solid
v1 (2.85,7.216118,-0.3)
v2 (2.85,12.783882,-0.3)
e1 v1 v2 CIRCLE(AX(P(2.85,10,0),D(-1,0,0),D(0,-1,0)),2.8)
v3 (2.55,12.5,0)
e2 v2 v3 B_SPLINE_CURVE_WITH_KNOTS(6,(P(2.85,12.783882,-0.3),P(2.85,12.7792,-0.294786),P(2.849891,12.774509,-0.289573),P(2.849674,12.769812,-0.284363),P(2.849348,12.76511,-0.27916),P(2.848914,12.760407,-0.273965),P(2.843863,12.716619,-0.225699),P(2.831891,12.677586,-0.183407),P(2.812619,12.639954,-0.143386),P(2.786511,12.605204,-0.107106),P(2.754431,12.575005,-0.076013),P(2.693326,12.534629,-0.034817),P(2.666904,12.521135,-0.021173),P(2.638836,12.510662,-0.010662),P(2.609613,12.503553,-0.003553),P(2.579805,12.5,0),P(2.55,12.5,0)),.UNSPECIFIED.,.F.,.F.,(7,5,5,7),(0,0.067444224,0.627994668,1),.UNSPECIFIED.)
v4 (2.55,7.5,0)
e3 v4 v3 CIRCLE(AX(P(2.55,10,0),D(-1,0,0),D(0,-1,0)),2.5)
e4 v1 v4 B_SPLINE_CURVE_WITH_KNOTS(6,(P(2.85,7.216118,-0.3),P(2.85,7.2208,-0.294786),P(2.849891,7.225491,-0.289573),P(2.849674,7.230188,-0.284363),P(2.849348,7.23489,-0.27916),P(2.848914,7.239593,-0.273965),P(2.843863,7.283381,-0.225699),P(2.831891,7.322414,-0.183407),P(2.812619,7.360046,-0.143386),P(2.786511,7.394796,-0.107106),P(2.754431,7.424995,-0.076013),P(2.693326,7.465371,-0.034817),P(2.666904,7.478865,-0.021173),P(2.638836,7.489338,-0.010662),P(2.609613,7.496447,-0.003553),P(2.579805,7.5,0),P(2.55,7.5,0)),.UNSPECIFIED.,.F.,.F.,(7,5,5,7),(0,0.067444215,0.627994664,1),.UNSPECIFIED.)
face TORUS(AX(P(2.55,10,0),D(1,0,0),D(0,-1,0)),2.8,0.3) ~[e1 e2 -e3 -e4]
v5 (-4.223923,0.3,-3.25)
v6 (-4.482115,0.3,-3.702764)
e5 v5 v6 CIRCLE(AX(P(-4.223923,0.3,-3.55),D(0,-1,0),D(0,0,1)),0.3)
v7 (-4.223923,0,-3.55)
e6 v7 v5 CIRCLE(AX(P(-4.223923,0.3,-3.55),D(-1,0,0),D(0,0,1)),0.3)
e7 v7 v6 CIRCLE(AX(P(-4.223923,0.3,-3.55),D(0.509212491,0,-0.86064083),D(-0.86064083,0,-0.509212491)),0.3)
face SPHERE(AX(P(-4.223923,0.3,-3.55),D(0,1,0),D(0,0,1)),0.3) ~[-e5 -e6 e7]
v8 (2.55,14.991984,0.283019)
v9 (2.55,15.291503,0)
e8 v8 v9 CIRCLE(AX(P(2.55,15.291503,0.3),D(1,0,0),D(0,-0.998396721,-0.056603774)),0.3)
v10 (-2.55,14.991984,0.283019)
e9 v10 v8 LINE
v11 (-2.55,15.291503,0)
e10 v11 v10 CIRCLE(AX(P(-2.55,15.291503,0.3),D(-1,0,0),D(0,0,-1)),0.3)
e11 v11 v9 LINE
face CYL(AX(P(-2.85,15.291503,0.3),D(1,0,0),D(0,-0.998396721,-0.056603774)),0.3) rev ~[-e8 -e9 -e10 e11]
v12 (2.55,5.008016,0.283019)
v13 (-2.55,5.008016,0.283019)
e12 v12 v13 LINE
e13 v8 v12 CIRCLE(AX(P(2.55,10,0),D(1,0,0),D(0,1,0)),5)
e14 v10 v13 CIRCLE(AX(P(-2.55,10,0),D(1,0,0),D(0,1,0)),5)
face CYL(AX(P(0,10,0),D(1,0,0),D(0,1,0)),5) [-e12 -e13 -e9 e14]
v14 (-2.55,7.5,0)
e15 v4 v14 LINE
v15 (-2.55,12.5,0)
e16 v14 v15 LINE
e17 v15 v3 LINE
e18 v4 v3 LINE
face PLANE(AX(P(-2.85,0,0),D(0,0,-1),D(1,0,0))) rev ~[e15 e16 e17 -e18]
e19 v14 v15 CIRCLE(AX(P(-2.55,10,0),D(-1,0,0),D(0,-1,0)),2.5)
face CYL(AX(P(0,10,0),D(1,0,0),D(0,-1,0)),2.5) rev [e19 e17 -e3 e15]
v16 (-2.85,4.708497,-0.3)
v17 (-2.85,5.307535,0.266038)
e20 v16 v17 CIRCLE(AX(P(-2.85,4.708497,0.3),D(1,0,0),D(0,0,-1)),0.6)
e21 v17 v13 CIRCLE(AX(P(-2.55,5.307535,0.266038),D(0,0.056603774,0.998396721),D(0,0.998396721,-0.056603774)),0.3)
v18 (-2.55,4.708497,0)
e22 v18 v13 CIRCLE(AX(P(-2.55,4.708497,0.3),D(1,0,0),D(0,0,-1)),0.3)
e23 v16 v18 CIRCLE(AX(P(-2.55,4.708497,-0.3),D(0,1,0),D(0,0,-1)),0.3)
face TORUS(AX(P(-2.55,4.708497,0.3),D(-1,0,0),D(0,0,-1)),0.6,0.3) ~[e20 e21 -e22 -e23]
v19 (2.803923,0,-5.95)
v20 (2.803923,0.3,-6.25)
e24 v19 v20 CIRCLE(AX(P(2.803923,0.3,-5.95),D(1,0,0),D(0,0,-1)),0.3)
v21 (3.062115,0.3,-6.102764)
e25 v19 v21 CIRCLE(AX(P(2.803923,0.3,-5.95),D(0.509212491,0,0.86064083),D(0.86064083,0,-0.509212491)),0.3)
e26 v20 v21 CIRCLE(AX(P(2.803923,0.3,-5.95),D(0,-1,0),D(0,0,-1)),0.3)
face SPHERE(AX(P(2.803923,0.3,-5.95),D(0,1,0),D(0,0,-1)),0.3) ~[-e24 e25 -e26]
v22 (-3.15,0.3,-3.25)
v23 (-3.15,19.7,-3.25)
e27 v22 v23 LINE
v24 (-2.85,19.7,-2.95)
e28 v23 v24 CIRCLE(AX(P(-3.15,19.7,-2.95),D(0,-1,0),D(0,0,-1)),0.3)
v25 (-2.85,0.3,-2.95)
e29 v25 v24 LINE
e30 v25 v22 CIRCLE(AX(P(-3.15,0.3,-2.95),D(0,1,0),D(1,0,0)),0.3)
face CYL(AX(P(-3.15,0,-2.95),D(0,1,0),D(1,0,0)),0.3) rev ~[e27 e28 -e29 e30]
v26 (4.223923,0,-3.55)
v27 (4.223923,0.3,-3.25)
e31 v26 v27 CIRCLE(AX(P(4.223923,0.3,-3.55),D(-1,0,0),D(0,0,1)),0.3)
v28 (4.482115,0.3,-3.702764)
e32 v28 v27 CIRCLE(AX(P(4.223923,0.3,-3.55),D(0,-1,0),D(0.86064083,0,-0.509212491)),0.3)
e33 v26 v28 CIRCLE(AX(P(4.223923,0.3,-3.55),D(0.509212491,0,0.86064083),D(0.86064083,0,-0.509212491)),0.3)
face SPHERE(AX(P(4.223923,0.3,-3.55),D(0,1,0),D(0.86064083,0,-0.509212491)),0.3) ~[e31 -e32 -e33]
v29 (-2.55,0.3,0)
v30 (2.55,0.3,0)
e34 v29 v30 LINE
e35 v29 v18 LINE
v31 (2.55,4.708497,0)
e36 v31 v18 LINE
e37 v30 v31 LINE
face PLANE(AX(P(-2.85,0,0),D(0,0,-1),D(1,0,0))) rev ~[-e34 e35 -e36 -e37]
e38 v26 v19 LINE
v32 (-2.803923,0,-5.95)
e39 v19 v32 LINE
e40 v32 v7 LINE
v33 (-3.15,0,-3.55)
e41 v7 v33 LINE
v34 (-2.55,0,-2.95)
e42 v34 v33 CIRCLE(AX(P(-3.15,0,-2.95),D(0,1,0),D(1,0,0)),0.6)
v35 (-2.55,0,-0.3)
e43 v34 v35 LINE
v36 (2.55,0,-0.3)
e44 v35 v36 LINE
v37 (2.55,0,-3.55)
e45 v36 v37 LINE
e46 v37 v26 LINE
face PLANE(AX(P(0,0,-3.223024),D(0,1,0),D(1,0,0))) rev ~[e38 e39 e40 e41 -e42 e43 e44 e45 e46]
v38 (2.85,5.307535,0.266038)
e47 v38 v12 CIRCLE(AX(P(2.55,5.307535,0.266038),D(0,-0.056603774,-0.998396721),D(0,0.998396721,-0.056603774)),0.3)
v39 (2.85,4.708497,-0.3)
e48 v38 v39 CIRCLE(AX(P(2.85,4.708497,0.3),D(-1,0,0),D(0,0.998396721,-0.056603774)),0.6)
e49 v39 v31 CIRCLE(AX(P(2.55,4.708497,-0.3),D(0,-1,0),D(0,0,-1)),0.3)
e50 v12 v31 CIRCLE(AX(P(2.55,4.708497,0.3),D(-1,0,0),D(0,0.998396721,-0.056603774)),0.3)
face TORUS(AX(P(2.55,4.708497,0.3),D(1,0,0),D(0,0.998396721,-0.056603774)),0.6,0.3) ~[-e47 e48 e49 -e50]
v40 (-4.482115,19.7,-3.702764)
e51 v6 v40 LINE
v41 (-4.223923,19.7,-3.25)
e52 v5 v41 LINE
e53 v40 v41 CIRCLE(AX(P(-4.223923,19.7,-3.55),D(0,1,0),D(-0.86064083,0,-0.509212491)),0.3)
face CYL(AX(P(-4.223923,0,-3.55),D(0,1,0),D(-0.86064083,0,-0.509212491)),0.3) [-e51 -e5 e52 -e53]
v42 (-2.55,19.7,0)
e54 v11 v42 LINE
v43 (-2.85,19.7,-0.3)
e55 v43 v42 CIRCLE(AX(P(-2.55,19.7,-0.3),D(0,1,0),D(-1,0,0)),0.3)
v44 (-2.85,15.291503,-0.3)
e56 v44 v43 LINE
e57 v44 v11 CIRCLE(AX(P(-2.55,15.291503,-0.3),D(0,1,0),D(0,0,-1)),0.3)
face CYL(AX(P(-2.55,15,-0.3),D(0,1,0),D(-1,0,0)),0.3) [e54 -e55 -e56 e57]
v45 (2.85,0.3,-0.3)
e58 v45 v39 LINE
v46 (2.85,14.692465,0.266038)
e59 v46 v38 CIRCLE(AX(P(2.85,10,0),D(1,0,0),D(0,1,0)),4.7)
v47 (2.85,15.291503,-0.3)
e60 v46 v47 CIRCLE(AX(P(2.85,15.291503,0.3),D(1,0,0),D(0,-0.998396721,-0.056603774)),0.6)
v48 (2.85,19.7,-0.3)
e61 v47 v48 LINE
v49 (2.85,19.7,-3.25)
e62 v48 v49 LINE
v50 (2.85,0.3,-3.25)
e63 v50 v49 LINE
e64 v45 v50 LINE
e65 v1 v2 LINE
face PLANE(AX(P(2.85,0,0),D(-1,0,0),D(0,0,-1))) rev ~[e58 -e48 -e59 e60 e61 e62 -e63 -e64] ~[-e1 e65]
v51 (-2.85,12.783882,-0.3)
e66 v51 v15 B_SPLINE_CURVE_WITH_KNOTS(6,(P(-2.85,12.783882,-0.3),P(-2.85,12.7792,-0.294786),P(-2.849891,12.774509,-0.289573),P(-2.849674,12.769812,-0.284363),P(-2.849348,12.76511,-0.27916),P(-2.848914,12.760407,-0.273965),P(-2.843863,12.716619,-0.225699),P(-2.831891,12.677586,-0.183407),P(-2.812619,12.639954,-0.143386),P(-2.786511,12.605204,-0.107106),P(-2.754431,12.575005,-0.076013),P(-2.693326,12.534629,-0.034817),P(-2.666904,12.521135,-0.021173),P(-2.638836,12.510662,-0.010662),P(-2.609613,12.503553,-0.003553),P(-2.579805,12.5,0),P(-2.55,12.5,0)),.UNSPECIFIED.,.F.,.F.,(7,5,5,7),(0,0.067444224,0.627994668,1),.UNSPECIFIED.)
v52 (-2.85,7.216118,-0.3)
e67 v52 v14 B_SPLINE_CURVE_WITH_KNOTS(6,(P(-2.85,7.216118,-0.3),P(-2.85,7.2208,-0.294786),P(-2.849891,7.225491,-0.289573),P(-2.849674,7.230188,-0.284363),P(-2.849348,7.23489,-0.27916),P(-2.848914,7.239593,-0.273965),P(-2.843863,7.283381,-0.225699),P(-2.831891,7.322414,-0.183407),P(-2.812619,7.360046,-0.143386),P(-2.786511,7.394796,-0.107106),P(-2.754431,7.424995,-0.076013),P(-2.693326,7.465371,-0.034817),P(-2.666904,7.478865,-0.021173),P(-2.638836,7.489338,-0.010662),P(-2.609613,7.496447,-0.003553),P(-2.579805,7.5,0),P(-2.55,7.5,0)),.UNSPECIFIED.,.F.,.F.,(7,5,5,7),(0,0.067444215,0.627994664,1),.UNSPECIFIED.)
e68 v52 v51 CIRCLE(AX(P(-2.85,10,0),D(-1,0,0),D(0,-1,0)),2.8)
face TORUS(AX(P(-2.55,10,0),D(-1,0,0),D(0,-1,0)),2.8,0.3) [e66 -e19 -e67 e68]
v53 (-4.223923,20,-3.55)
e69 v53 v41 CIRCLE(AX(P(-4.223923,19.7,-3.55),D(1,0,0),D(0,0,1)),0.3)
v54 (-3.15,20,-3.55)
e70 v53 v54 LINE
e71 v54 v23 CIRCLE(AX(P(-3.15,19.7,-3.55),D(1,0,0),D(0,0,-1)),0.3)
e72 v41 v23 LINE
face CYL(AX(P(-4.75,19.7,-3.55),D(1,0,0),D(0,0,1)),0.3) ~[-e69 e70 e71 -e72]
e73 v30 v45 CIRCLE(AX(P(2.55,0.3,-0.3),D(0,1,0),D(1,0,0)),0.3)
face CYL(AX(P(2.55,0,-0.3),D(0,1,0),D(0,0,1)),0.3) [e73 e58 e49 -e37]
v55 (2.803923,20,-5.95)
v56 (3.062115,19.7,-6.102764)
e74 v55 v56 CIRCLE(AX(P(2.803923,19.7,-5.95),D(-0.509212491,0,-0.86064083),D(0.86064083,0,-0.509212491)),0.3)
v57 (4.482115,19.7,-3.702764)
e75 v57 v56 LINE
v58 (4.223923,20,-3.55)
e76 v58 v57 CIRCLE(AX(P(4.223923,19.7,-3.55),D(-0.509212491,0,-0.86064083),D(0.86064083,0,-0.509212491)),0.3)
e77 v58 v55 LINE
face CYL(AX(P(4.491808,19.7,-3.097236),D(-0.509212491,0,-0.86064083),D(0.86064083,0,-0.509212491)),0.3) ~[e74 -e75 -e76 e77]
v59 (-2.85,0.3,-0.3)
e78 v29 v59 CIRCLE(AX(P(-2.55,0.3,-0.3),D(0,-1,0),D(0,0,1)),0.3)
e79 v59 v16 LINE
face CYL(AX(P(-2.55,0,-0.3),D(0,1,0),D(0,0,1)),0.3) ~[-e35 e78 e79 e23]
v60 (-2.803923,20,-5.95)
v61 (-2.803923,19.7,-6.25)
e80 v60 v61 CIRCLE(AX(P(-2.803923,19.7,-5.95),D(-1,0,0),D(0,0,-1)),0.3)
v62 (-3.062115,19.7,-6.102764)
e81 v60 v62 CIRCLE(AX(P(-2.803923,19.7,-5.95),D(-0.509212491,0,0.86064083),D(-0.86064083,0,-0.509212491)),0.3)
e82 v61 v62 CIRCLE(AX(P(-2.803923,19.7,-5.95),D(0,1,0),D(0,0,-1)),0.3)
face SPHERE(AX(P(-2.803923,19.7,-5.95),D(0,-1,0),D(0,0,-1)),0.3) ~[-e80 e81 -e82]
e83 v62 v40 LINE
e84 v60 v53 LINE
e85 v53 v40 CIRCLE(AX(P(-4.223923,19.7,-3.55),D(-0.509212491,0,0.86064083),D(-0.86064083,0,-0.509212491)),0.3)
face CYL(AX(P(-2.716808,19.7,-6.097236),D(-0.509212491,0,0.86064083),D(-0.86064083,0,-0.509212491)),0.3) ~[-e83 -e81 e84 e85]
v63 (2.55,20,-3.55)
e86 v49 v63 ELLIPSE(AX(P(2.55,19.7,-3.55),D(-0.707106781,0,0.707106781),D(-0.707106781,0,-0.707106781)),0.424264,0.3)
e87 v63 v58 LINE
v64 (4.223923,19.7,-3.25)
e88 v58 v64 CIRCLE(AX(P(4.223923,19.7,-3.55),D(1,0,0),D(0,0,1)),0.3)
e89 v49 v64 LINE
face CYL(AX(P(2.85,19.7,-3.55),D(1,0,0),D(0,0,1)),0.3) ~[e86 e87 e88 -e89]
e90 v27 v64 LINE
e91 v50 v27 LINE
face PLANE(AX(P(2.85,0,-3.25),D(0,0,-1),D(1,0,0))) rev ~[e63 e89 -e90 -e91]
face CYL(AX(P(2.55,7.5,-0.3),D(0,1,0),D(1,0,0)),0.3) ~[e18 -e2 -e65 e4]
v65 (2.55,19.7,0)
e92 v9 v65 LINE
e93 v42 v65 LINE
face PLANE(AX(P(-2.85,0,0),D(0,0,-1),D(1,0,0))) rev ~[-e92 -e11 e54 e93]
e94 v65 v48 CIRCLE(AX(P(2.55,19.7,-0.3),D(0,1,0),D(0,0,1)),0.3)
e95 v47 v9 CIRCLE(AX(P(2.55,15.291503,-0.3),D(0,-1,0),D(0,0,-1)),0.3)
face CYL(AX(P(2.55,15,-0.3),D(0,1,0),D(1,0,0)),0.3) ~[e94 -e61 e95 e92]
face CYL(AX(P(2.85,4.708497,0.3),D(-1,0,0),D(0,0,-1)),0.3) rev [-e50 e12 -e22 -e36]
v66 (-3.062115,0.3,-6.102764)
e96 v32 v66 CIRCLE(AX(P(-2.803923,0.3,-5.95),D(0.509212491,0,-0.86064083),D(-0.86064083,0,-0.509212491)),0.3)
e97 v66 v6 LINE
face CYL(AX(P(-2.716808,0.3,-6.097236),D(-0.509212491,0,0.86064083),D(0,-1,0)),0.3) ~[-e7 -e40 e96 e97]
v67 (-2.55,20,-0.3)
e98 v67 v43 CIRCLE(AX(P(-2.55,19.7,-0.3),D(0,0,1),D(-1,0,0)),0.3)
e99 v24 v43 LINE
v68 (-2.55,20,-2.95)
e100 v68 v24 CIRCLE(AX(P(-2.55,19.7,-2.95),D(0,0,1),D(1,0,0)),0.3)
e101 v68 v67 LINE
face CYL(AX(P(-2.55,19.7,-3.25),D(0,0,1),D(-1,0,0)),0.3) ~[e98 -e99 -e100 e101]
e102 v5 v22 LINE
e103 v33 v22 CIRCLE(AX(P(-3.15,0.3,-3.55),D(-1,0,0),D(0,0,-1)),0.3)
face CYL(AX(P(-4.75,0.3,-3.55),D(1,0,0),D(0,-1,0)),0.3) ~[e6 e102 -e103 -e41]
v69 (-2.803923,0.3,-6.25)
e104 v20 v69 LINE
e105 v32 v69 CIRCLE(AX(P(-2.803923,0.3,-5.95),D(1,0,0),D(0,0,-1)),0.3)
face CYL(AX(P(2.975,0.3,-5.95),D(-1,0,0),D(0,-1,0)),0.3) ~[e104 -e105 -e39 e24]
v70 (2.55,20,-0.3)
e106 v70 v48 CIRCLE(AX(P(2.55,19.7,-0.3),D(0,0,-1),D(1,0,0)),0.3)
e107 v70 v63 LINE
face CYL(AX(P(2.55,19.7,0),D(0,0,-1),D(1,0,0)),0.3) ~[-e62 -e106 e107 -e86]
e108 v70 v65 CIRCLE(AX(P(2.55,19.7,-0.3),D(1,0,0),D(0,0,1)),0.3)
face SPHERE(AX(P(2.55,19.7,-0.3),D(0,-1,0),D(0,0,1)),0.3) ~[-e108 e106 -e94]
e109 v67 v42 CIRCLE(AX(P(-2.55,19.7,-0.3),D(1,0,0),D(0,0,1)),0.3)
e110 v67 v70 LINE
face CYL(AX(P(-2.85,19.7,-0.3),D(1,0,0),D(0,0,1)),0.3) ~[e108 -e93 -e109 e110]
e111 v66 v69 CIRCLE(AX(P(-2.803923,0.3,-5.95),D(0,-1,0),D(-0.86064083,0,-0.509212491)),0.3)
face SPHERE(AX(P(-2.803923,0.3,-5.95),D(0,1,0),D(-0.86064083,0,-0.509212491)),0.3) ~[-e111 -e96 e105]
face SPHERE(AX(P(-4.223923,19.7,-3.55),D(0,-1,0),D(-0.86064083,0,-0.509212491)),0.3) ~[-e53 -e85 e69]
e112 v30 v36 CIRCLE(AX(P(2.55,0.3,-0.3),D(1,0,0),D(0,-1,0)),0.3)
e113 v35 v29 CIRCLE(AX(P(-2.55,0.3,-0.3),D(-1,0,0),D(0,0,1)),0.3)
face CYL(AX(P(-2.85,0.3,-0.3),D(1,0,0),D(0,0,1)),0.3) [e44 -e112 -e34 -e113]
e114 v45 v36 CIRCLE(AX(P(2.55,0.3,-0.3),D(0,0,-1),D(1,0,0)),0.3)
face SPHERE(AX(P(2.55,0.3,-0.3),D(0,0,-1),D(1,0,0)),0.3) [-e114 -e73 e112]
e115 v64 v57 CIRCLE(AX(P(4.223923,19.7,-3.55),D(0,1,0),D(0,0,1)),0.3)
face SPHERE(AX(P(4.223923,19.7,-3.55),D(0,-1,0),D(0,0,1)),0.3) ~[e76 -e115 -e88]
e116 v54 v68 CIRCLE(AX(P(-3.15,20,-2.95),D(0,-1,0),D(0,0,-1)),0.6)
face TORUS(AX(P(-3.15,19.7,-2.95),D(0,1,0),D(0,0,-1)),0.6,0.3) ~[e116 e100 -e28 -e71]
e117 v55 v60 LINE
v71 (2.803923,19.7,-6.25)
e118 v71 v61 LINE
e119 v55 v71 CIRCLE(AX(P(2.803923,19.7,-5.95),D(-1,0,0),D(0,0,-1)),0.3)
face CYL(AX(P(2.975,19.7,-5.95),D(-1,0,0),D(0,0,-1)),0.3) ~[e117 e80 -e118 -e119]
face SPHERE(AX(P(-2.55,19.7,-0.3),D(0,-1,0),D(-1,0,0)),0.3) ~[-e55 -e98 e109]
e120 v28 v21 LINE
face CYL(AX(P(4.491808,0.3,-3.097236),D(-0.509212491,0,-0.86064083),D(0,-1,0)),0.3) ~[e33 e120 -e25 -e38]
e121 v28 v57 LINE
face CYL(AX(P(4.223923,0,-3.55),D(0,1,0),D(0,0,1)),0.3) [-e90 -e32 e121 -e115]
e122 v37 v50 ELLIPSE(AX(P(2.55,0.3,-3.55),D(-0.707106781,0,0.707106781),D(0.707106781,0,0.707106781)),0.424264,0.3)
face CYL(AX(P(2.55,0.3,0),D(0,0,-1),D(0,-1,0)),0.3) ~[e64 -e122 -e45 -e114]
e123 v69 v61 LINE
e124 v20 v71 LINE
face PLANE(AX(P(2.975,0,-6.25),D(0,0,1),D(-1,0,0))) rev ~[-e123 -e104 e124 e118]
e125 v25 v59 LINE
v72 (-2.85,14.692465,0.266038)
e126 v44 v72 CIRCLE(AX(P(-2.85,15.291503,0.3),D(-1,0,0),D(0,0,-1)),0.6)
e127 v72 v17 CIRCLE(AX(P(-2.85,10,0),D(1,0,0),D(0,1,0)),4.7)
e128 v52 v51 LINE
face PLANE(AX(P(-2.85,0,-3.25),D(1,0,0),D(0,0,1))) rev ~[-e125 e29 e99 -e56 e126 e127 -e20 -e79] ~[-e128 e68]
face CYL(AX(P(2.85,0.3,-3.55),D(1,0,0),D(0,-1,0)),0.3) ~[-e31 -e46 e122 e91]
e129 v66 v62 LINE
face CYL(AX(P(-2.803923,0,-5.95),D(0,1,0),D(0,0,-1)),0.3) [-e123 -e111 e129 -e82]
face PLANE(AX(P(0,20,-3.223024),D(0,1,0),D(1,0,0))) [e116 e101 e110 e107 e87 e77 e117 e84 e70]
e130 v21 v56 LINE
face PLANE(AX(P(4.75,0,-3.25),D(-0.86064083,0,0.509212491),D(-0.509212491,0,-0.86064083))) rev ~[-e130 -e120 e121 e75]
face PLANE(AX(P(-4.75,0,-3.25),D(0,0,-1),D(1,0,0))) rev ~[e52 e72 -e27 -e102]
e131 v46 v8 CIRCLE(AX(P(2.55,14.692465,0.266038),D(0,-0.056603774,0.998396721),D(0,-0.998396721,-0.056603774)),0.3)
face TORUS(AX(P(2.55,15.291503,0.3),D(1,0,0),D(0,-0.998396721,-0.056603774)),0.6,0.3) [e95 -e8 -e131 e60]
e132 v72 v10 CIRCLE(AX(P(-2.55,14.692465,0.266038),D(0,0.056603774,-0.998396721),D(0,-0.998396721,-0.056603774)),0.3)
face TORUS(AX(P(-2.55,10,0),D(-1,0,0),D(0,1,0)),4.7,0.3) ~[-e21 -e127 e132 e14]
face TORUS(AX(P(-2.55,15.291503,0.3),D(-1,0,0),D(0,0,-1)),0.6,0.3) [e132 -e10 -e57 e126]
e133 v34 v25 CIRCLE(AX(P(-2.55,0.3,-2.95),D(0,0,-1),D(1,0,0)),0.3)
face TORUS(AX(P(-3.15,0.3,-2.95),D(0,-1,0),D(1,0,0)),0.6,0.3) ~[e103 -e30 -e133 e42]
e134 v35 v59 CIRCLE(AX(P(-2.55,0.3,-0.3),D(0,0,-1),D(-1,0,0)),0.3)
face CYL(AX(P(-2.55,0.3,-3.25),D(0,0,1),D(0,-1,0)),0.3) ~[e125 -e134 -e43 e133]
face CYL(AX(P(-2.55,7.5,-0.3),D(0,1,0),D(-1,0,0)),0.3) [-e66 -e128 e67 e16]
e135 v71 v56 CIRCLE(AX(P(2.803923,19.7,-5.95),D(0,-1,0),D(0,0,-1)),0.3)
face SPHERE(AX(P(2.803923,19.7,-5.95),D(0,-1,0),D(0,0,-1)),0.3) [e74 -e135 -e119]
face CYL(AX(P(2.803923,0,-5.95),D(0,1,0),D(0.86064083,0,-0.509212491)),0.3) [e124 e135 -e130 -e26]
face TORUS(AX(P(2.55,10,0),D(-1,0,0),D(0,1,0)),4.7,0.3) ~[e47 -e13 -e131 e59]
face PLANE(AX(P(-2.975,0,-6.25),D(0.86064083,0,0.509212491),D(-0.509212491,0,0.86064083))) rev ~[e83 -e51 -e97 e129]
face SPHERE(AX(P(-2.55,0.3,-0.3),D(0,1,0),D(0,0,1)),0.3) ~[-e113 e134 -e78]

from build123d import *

# Parameters (mm, degrees)
BOSS_EXTRUDE1_DEPTH = 20
BOSS_EXTRUDE2_DEPTH = 2.85
FILLET1_R           = 0.3


with BuildPart() as part:
    # Sketch1 → Boss-Extrude1 (new body)
    with BuildSketch(Plane(origin=(0, 0, 0), x_dir=(1, 0, 0), z_dir=(0, 1, 0))):
        Polygon((-2.85, 0), (2.85, 0), (2.85, 3.25), (4.75, 3.25), (2.975, 6.25), (-2.975, 6.25), (-4.75, 3.25), (-2.85, 3.25), align=None)
    extrude(amount=BOSS_EXTRUDE1_DEPTH)

    # Sketch3 → Boss-Extrude2 (add, symmetric)
    with BuildSketch(Plane(origin=(0, 0, 0), x_dir=(0, 0, -1), z_dir=(1, 0, 0))):
        with BuildLine():
            ThreePointArc((0, 7.5), (-2.5, 10), (0, 12.5))
            Line((0, 12.5), (0, 15))
            ThreePointArc((0, 15), (-5, 10), (0, 5))
            Line((0, 5), (0, 7.5))
        make_face()
    extrude(amount=BOSS_EXTRUDE2_DEPTH, both=True)

    # Fillet1
    fillet1_edges = [part.edges().sort_by_distance(p)[0] for p in [
        (0, 0, -6.25),
        (3.8625, 0, -4.75),
        (3.8, 0, -3.25),
        (2.85, 0, -1.625),
        (3.8625, 20, -4.75),
        (2.85, 17.5, 0),
        (-2.85, 17.5, 0),
        (-2.85, 10, -3.25),
        (-4.75, 10, -3.25),
        (-2.975, 10, -6.25),
        (2.975, 10, -6.25),
        (4.75, 10, -3.25),
        (0, 20, -6.25),
        (-3.8625, 20, -4.75),
        (2.85, 10, 0),
        (-3.8, 20, -3.25),
        (2.85, 2.5, 0),
        (-2.85, 10, 0),
        (-2.85, 2.5, 0),
        (2.85, 10, 2.5),
        (-2.85, 20, -1.625),
        (-2.85, 10, 5),
        (0, 15, 0),
        (0, 5, 0),
        (2.85, 10, 5),
        (-2.85, 10, 2.5),
        (0, 20, 0),
        (2.85, 20, -1.625),
        (0, 0, 0),
        (3.8, 20, -3.25),
        (-2.85, 0, -1.625),
        (-3.8, 0, -3.25),
        (-3.8625, 0, -4.75),
    ]]
    fillet(fillet1_edges, radius=FILLET1_R)


solid = part.part
